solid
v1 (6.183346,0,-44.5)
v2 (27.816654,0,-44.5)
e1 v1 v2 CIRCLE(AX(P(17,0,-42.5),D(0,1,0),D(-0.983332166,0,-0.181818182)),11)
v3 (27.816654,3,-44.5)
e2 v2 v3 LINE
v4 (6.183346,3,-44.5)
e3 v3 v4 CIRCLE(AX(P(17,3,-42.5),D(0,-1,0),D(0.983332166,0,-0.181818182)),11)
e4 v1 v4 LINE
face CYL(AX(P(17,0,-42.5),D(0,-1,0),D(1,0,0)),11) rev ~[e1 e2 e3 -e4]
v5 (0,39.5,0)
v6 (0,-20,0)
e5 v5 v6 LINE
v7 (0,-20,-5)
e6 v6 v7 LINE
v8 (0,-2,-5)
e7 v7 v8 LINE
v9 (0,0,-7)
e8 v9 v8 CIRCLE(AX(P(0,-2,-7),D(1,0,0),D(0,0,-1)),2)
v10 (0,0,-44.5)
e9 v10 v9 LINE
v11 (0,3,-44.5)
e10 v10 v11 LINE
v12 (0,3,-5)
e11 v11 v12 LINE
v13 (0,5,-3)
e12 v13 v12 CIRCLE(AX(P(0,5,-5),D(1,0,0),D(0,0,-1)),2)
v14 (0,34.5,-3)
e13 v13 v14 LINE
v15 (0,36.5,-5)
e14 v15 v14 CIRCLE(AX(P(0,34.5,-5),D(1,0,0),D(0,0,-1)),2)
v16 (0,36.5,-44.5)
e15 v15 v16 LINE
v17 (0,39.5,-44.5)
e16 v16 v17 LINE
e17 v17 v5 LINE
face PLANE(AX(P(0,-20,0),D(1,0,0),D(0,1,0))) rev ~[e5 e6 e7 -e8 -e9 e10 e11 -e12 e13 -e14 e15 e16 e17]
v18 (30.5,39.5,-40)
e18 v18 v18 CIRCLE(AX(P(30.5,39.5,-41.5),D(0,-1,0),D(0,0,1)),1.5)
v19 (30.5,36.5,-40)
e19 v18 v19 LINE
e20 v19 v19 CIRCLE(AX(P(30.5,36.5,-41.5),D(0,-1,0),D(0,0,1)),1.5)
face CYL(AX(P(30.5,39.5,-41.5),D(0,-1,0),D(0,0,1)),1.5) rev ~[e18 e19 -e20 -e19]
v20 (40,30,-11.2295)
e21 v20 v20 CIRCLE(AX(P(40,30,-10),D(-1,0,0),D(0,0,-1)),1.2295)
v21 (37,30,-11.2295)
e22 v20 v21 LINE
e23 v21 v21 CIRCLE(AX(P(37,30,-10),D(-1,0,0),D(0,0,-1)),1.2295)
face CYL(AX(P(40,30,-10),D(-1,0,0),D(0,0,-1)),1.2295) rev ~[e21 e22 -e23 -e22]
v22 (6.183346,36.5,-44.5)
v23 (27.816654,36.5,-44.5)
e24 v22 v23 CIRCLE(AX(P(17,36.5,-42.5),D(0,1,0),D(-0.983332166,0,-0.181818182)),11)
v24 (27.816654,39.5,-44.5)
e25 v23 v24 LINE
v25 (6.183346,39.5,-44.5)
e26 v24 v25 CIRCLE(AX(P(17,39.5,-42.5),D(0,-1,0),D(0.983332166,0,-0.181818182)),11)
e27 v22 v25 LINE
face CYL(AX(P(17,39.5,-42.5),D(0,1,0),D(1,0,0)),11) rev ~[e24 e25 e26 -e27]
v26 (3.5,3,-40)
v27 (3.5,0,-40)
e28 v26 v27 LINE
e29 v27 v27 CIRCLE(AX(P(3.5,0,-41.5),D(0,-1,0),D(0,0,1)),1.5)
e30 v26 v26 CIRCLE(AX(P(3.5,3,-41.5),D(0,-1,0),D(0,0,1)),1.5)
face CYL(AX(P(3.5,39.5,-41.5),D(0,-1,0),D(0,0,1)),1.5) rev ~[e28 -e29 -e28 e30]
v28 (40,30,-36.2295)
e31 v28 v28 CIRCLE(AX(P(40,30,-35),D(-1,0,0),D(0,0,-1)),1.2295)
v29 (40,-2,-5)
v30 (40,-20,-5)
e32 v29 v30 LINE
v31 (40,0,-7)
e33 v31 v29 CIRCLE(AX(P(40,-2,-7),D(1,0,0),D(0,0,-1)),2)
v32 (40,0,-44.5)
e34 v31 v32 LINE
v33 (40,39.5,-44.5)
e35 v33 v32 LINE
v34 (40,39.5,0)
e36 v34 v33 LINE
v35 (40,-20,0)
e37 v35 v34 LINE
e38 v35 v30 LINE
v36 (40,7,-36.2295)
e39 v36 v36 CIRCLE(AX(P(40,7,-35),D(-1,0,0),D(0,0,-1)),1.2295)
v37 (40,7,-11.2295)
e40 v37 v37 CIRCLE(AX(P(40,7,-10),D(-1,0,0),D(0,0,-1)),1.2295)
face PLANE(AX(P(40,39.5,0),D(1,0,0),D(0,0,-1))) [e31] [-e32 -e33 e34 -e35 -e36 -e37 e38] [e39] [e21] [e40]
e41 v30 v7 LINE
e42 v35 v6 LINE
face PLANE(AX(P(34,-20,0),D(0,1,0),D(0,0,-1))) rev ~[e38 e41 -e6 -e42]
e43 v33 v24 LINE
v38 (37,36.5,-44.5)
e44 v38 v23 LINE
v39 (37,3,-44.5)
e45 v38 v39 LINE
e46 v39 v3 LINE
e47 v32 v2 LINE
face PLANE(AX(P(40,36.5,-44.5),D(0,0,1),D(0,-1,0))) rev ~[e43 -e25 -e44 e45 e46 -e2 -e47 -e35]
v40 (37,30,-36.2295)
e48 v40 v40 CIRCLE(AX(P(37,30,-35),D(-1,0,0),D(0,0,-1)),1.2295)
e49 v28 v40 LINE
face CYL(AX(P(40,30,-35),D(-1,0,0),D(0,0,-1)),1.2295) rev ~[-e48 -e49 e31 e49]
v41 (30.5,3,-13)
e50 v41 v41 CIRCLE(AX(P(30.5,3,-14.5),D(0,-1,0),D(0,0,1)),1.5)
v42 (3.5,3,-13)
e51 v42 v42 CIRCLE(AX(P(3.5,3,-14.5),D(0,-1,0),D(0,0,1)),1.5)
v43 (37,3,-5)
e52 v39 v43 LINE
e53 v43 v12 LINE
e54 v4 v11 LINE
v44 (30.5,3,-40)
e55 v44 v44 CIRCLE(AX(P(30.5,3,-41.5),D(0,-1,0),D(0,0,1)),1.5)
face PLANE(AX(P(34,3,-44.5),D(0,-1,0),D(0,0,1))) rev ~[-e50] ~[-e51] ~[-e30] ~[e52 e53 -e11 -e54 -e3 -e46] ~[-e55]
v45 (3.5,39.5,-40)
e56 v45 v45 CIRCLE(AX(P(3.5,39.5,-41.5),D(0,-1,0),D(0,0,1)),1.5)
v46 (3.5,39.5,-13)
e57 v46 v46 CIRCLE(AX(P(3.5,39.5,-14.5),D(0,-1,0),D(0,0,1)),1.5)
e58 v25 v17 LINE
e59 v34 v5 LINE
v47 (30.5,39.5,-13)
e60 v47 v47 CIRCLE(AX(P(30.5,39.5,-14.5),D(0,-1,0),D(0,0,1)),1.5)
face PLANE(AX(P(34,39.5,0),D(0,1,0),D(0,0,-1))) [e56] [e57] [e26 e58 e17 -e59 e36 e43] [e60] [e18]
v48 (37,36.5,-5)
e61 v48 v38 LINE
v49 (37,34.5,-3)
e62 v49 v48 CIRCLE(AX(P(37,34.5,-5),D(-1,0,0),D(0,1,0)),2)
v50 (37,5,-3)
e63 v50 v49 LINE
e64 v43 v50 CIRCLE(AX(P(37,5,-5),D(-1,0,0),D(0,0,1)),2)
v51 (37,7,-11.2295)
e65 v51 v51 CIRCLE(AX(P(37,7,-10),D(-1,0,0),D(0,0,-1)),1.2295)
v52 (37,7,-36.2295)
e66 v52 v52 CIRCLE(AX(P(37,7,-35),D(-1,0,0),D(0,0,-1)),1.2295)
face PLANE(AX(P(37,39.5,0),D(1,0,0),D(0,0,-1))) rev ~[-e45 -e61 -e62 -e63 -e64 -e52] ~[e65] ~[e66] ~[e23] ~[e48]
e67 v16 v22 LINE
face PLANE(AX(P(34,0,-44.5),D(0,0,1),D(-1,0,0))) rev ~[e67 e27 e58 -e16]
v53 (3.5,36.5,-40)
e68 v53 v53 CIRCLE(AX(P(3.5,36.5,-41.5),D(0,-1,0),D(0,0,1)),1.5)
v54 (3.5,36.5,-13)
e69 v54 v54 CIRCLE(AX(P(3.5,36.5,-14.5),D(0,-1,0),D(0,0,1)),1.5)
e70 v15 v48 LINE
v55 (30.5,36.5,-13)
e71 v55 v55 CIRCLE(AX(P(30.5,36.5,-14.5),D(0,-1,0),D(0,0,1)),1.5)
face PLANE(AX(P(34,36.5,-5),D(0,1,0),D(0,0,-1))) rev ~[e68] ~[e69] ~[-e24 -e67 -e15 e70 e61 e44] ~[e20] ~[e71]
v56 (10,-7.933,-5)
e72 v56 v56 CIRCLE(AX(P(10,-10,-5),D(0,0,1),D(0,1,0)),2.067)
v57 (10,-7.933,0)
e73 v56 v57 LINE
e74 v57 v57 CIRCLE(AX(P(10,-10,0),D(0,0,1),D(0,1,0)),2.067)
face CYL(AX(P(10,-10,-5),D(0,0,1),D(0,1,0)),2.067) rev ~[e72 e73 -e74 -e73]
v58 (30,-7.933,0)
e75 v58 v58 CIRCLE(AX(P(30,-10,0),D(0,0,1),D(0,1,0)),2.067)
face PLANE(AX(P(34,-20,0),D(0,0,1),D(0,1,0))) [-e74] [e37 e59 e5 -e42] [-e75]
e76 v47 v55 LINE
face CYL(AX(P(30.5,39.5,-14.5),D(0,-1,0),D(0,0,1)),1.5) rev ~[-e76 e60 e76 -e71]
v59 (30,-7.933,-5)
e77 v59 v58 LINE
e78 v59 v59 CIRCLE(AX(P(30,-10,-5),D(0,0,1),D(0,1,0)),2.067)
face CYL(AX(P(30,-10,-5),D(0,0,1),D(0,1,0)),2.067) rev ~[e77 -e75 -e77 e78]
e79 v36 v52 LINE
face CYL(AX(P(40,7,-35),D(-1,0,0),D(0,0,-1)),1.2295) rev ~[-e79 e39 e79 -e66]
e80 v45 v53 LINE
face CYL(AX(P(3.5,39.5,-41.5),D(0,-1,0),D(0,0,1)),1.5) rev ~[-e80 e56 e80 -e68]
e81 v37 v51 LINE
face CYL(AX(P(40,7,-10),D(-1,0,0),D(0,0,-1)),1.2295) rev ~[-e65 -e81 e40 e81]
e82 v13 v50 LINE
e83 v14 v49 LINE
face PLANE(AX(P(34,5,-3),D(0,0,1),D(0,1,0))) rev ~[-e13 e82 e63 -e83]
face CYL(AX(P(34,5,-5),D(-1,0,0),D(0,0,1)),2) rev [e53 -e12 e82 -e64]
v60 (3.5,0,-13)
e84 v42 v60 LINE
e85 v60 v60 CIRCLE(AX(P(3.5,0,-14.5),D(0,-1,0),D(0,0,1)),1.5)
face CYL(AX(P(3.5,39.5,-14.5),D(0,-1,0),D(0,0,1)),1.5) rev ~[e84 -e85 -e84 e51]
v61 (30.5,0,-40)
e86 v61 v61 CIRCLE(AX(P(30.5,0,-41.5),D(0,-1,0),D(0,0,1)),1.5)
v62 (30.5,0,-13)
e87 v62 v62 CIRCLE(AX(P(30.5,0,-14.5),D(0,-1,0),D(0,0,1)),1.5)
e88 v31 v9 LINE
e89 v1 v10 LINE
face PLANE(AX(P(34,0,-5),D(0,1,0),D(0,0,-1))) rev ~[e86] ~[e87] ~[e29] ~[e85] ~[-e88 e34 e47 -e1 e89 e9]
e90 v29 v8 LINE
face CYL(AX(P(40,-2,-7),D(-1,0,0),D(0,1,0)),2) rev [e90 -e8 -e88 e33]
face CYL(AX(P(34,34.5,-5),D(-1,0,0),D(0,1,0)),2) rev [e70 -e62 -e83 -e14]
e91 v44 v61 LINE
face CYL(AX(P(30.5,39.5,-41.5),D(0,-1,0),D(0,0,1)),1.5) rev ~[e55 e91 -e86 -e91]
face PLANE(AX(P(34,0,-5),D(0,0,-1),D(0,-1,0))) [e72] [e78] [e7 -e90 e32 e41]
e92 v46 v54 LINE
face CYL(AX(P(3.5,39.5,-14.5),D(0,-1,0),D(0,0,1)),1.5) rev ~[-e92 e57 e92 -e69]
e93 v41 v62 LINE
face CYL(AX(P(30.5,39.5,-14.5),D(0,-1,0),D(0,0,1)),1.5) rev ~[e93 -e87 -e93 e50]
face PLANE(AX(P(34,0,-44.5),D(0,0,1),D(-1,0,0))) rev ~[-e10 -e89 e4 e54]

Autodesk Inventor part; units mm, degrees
ref_plane "YZ Plane" through (0, 0, 0) normal (1, 0, 0) x (0, 1, 0)
ref_plane "XZ Plane" through (0, 0, 0) normal (0, 1, 0) x (-1, 0, 0)
ref_plane "XY Plane" through (0, 0, 0) normal (0, 0, 1) x (1, 0, 0)
sketch "スケッチ1" plane through (0, 0, 0) normal (0, 1, 0) x (-1, 0, 0)
  line L0 (0, 0) -> (-34, 0)
  line L1 (-34, 0) -> (-34, -44.5)
  line L2 (-34, -44.5) -> (0, -44.5)
  line L3 (0, -44.5) -> (0, 0)
  dimension "d0" = 44.5
  dimension "d1" = 34
extrude "押し出し1" add sketch "スケッチ1" along normal blind 39.5
sketch "スケッチ2" plane through (34, 0, 0) normal (1, 0, 0) x (0, 0, -1)
  line L0 (3, 36.5) -> (53, 36.5)
  line L1 (53, 36.5) -> (53, 3)
  line L2 (53, 3) -> (3, 3)
  line L3 (3, 3) -> (3, 36.5)
  line L4 (0, 39.5) -> (44.5, 39.5) projected
  line L5 (0, 0) -> (0, 39.5) projected
  dimension "d4" = 3
  dimension "d5" = 3
  dimension "d6" = 33.5
  dimension "d7" = 50
extrude "押し出し2" cut sketch "スケッチ2" against normal blind 43.5
sketch "スケッチ3" plane through (0, 0, 0) normal (0, -1, 0) x (1, 0, 0)
  circle A0 centre (17, -42.5) radius 11
  line L0 (34, -44.5) -> (0, -44.5) projected
  line L1 (0, -44.5) -> (0, 0) projected
  point P0 (6.1833, -44.5)
  point P1 (27.8167, -44.5)
  dimension "d10" = 22
  dimension "d11" = 2
  dimension "d12" = 17
extrude "押し出し3" cut sketch "スケッチ3" against normal blind 3 contours A0 L0 picked at (20.7405, -38.2254)
sketch "スケッチ4" plane through (0, 39.5, 0) normal (0, 1, 0) x (1, 0, 0)
  circle A0 centre (17, 42.5) radius 11
  line L0 (34, 44.5) -> (0, 44.5) projected
  line L1 (0, 44.5) -> (0, 0) projected
  point P0 (27.8167, 44.5)
  point P1 (6.1833, 44.5)
  point P2 (0, 35.0774)
  dimension "d15" = 22
  dimension "d16" = 2
  dimension "d17" = 17
extrude "押し出し4" cut sketch "スケッチ4" against normal blind 3
sketch "スケッチ5" plane through (0, 39.5, 0) normal (0, 1, 0) x (1, 0, 0)
  line L0 (0, 0) -> (34, 0) projected
  line L1 (0, 44.5) -> (0, 0) projected
  line L2 (34, 0) -> (34, 44.5) projected
  point P0 (3.5, 14.5)
  point P1 (3.5, 41.5)
  point P2 (30.5, 41.5)
  point P3 (30.5, 14.5)
  dimension "d20" = 14.5
  dimension "d21" = 3.5
  dimension "d22" = 27
  dimension "d23" = 3.5
  dimension "d48" = 3.5
  dimension "d55" = 14.5
  dimension "d56" = 27
hole "穴1" at (3.5, 39.5, -14.5) at (3.5, 39.5, -41.5) at (30.5, 39.5, -41.5) at (30.5, 39.5, -14.5) direction (0, -1, 0) diameter 3 end through all
fillet "フィレット1" radius 2 1 edges at (17, 36.5, -3)
fillet "フィレット2" radius 2 1 edges at (17, 3, -3)
sketch "スケッチ8" plane through (0, 0, 0) normal (0, 0, 1) x (1, 0, 0)
  line L0 (0, 0) -> (34, 0)
  line L1 (34, 0) -> (34, -20)
  line L2 (34, -20) -> (0, -20)
  line L3 (0, -20) -> (0, 0)
  line L4 (34, 0) -> (34, 39.5) projected
  dimension "d59" = 20
extrude "押し出し5" add sketch "スケッチ8" against normal blind 5
sketch "スケッチ9" plane through (0, 0, -5) normal (0, 0, -1) x (-1, 0, 0)
  line L0 (-30, -10) -> (-10, -10)
  line L1 (-34, -20) -> (0, -20) projected
  line L2 (-34, 0) -> (-34, -20) projected
  line L3 (0, -20) -> (0, 0) projected
  point P0 (-17, -20)
  point P1 (-34, -10)
  dimension "d62" = 20
  dimension "d71" = 10
hole "穴3" at (30, -10, -5) at (10, -10, -5) direction (0, 0, 1) diameter 4.134 end through all thread size "M5x0.8" class "6H" standard "ISO Metric profile"
sketch "スケッチ11" plane through (34, 39.5, 0) normal (1, 0, 0) x (0, 0, -1)
  line L0 (3, -34.5) -> (3, -5) projected
  arc A0 (5, -3) -> (3, -5) centre (5, -5) ccw projected
  line L1 (5, -3) -> (44.5, -3) projected
  line L2 (44.5, -3) -> (44.5, 0) projected
  line L3 (0, 0) -> (44.5, 0) projected
  line L4 (0, -59.5) -> (0, 0) projected
  line L5 (0, -59.5) -> (5, -59.5) projected
  line L6 (5, -39.5) -> (5, -59.5) projected
  line L7 (44.5, -36.5) -> (5, -36.5) projected
  arc A1 (3, -34.5) -> (5, -36.5) centre (5, -34.5) ccw projected
  line L8 (5, -39.5) -> (44.5, -39.5) projected
  line L9 (44.5, -39.5) -> (44.5, -36.5) projected
  point P0 (0, -39.5)
extrude "押し出し6" add sketch "スケッチ11" along normal blind 6
fillet "フィレット4" radius 2 1 edges at (20, 0, -5)
sketch "スケッチ17" plane through (40, 39.5, 0) normal (1, 0, 0) x (0, 0, -1)
  line L0 (44.5, -36.5) -> (5, -36.5) projected
  line L1 (44.5, -36.5) -> (3, -36.5)
  line L2 (3, -36.5) -> (3, -3)
  line L3 (3, -3) -> (44.5, -3)
  line L4 (44.5, -3) -> (44.5, -36.5)
  point P0 (0, -39.5)
  point P1 (5, -36.5)
extrude "押し出し9" add sketch "スケッチ17" against normal blind 3
sketch "スケッチ19" plane through (40, 39.5, 0) normal (1, 0, 0) x (0, 0, -1)
  line L0 (44.5, 0) -> (0, 0) projected
  line L1 (0, 0) -> (0, -59.5) projected
  point P0 (0, -39.5)
  point P1 (10, -9.5)
  point P2 (35, -9.5)
  point P3 (10, -32.5)
  point P4 (35, -32.5)
  dimension "d114" = 9.5
  dimension "d115" = 10
  dimension "d118" = 25
  dimension "d125" = 23
  dimension "d137" = 23
hole "穴6" at (40, 30, -10) at (40, 30, -35) at (40, 7, -10) at (40, 7, -35) direction (-1, 0, 0) diameter 2.459 end through all thread size "M3x0.5" class "6H" standard "ISO Metric profile"
properties part number "サーボモータ固定用"
